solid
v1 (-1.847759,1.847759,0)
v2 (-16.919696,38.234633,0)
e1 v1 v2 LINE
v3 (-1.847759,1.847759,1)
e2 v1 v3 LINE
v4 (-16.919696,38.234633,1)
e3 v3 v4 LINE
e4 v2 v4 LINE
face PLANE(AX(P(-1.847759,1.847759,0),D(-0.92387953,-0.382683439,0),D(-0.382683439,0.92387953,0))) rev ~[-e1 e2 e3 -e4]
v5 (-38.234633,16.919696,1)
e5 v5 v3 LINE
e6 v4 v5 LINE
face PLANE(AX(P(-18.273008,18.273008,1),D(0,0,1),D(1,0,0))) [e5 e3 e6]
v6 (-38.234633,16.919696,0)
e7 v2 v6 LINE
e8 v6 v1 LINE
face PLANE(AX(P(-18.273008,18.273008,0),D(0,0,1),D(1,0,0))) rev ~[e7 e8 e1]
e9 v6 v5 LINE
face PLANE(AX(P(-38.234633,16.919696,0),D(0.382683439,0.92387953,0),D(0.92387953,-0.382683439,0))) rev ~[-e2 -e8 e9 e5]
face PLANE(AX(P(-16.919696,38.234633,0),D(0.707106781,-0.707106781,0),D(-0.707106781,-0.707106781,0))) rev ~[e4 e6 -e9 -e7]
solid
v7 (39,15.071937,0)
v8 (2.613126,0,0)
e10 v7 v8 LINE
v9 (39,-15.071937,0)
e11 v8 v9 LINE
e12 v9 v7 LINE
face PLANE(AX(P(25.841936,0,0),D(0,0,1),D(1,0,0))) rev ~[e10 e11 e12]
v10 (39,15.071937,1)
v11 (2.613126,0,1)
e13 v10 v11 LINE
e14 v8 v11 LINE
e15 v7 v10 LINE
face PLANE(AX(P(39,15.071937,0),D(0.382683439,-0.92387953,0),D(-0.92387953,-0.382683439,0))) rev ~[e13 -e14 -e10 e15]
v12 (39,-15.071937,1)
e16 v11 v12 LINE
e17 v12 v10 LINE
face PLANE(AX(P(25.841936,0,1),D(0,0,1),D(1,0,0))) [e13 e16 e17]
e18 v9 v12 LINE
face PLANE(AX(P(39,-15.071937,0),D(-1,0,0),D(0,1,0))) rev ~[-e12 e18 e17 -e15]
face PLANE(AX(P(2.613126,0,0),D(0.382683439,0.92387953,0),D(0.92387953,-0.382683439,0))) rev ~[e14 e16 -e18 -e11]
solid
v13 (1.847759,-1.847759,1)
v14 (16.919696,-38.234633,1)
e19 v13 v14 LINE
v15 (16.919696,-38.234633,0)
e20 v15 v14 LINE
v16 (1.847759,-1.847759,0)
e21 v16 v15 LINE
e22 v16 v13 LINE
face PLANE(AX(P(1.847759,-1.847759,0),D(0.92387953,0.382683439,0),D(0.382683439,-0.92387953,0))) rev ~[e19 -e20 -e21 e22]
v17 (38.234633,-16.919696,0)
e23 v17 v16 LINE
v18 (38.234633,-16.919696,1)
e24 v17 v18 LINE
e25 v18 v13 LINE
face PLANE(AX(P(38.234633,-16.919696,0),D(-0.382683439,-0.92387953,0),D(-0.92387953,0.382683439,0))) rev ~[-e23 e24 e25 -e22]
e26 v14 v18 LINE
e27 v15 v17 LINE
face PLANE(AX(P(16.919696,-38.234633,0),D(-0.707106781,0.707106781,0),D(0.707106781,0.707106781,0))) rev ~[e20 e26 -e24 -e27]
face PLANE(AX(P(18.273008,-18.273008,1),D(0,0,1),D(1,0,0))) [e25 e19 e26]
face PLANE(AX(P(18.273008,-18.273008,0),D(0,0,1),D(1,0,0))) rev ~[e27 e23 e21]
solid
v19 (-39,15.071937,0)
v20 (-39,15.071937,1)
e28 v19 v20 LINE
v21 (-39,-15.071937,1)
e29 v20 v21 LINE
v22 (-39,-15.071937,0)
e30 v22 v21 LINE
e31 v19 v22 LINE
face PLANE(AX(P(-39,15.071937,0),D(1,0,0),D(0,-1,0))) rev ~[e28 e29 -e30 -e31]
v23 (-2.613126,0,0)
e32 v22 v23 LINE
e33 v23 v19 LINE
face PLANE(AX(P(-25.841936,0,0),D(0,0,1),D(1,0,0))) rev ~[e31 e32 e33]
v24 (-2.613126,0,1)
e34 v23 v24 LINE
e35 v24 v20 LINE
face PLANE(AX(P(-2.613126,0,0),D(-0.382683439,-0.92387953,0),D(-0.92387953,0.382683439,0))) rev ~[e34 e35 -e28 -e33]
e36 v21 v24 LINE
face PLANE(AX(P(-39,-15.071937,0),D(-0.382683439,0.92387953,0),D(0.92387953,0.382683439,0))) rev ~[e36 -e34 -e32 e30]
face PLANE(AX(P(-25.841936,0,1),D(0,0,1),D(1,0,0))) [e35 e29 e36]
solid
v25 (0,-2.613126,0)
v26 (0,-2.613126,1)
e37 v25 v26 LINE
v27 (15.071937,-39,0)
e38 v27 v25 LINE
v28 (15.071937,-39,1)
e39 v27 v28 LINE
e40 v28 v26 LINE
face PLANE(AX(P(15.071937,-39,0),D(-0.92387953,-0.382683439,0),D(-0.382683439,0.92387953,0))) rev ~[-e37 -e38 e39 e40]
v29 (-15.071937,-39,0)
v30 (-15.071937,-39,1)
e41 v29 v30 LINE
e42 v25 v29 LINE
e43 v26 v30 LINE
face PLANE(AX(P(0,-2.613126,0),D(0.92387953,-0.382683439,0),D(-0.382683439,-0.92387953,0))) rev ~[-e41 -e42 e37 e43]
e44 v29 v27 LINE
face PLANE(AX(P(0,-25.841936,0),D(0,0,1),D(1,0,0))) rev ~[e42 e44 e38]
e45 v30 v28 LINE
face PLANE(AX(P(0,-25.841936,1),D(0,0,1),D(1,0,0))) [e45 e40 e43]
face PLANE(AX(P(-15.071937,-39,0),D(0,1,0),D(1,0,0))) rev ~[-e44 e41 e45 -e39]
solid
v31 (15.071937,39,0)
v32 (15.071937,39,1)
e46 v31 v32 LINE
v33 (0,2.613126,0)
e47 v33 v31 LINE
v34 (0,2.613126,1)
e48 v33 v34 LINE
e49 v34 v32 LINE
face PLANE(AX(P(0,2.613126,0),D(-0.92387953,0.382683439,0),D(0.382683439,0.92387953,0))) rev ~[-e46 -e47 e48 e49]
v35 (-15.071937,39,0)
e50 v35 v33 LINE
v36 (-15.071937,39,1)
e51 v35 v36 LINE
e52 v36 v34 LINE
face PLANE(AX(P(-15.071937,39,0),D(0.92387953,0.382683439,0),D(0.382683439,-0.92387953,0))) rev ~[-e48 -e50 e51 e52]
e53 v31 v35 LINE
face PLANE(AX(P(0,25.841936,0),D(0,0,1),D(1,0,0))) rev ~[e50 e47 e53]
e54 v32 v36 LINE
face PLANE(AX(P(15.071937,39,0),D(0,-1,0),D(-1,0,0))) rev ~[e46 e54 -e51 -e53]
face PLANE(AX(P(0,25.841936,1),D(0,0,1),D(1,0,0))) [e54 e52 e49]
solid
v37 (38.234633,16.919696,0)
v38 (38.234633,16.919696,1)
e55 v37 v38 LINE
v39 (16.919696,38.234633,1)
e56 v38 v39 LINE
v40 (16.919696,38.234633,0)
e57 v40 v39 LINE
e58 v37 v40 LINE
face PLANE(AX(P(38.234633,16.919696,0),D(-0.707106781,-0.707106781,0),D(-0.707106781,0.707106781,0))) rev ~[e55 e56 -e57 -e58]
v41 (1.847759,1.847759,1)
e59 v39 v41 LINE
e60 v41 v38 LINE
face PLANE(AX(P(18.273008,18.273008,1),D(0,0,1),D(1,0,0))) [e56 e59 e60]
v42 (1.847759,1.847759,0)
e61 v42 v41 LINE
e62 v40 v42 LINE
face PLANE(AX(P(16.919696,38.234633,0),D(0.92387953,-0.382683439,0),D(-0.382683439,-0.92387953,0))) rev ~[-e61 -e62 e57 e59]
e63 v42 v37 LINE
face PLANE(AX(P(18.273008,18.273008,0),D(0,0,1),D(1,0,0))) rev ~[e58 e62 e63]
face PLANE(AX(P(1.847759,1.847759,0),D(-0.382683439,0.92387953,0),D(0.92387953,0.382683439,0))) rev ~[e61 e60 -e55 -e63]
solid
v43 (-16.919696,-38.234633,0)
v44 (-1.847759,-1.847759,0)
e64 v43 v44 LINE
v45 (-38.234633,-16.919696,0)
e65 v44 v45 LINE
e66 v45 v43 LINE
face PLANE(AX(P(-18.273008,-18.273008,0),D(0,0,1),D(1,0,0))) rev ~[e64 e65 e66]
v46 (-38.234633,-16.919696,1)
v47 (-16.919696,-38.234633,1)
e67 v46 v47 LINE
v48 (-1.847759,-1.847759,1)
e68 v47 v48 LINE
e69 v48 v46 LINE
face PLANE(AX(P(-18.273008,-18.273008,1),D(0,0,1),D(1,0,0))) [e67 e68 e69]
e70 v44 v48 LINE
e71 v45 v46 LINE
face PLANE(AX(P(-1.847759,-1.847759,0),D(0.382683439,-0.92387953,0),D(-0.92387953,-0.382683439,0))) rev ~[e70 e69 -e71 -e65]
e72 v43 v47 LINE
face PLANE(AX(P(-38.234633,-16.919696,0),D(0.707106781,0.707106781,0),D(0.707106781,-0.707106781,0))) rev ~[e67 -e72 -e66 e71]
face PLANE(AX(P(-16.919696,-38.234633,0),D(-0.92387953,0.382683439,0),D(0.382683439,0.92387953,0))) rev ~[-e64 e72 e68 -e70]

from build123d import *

# Parameters (mm, degrees)
F1_DEPTH = 1


with BuildPart() as f1:
    # F0 (on Top) → F1 (new body)
    with BuildSketch(Plane.XY):
        Polygon((15.071937, 39), (-15.071937, 39), (0, 2.613126), align=None)
        Polygon((-16.919696, 38.234633), (-38.234633, 16.919696), (-1.847759, 1.847759), align=None)
        Polygon((-39, 15.071937), (-39, -15.071937), (-2.613126, 0), align=None)
        Polygon((-38.234633, -16.919696), (-16.919696, -38.234633), (-1.847759, -1.847759), align=None)
        Polygon((-15.071937, -39), (15.071937, -39), (0, -2.613126), align=None)
        Polygon((16.919696, -38.234633), (38.234633, -16.919696), (1.847759, -1.847759), align=None)
        Polygon((39, -15.071937), (39, 15.071937), (2.613126, 0), align=None)
        Polygon((38.234633, 16.919696), (16.919696, 38.234633), (1.847759, 1.847759), align=None)
    extrude(amount=F1_DEPTH)


solid = f1.part
